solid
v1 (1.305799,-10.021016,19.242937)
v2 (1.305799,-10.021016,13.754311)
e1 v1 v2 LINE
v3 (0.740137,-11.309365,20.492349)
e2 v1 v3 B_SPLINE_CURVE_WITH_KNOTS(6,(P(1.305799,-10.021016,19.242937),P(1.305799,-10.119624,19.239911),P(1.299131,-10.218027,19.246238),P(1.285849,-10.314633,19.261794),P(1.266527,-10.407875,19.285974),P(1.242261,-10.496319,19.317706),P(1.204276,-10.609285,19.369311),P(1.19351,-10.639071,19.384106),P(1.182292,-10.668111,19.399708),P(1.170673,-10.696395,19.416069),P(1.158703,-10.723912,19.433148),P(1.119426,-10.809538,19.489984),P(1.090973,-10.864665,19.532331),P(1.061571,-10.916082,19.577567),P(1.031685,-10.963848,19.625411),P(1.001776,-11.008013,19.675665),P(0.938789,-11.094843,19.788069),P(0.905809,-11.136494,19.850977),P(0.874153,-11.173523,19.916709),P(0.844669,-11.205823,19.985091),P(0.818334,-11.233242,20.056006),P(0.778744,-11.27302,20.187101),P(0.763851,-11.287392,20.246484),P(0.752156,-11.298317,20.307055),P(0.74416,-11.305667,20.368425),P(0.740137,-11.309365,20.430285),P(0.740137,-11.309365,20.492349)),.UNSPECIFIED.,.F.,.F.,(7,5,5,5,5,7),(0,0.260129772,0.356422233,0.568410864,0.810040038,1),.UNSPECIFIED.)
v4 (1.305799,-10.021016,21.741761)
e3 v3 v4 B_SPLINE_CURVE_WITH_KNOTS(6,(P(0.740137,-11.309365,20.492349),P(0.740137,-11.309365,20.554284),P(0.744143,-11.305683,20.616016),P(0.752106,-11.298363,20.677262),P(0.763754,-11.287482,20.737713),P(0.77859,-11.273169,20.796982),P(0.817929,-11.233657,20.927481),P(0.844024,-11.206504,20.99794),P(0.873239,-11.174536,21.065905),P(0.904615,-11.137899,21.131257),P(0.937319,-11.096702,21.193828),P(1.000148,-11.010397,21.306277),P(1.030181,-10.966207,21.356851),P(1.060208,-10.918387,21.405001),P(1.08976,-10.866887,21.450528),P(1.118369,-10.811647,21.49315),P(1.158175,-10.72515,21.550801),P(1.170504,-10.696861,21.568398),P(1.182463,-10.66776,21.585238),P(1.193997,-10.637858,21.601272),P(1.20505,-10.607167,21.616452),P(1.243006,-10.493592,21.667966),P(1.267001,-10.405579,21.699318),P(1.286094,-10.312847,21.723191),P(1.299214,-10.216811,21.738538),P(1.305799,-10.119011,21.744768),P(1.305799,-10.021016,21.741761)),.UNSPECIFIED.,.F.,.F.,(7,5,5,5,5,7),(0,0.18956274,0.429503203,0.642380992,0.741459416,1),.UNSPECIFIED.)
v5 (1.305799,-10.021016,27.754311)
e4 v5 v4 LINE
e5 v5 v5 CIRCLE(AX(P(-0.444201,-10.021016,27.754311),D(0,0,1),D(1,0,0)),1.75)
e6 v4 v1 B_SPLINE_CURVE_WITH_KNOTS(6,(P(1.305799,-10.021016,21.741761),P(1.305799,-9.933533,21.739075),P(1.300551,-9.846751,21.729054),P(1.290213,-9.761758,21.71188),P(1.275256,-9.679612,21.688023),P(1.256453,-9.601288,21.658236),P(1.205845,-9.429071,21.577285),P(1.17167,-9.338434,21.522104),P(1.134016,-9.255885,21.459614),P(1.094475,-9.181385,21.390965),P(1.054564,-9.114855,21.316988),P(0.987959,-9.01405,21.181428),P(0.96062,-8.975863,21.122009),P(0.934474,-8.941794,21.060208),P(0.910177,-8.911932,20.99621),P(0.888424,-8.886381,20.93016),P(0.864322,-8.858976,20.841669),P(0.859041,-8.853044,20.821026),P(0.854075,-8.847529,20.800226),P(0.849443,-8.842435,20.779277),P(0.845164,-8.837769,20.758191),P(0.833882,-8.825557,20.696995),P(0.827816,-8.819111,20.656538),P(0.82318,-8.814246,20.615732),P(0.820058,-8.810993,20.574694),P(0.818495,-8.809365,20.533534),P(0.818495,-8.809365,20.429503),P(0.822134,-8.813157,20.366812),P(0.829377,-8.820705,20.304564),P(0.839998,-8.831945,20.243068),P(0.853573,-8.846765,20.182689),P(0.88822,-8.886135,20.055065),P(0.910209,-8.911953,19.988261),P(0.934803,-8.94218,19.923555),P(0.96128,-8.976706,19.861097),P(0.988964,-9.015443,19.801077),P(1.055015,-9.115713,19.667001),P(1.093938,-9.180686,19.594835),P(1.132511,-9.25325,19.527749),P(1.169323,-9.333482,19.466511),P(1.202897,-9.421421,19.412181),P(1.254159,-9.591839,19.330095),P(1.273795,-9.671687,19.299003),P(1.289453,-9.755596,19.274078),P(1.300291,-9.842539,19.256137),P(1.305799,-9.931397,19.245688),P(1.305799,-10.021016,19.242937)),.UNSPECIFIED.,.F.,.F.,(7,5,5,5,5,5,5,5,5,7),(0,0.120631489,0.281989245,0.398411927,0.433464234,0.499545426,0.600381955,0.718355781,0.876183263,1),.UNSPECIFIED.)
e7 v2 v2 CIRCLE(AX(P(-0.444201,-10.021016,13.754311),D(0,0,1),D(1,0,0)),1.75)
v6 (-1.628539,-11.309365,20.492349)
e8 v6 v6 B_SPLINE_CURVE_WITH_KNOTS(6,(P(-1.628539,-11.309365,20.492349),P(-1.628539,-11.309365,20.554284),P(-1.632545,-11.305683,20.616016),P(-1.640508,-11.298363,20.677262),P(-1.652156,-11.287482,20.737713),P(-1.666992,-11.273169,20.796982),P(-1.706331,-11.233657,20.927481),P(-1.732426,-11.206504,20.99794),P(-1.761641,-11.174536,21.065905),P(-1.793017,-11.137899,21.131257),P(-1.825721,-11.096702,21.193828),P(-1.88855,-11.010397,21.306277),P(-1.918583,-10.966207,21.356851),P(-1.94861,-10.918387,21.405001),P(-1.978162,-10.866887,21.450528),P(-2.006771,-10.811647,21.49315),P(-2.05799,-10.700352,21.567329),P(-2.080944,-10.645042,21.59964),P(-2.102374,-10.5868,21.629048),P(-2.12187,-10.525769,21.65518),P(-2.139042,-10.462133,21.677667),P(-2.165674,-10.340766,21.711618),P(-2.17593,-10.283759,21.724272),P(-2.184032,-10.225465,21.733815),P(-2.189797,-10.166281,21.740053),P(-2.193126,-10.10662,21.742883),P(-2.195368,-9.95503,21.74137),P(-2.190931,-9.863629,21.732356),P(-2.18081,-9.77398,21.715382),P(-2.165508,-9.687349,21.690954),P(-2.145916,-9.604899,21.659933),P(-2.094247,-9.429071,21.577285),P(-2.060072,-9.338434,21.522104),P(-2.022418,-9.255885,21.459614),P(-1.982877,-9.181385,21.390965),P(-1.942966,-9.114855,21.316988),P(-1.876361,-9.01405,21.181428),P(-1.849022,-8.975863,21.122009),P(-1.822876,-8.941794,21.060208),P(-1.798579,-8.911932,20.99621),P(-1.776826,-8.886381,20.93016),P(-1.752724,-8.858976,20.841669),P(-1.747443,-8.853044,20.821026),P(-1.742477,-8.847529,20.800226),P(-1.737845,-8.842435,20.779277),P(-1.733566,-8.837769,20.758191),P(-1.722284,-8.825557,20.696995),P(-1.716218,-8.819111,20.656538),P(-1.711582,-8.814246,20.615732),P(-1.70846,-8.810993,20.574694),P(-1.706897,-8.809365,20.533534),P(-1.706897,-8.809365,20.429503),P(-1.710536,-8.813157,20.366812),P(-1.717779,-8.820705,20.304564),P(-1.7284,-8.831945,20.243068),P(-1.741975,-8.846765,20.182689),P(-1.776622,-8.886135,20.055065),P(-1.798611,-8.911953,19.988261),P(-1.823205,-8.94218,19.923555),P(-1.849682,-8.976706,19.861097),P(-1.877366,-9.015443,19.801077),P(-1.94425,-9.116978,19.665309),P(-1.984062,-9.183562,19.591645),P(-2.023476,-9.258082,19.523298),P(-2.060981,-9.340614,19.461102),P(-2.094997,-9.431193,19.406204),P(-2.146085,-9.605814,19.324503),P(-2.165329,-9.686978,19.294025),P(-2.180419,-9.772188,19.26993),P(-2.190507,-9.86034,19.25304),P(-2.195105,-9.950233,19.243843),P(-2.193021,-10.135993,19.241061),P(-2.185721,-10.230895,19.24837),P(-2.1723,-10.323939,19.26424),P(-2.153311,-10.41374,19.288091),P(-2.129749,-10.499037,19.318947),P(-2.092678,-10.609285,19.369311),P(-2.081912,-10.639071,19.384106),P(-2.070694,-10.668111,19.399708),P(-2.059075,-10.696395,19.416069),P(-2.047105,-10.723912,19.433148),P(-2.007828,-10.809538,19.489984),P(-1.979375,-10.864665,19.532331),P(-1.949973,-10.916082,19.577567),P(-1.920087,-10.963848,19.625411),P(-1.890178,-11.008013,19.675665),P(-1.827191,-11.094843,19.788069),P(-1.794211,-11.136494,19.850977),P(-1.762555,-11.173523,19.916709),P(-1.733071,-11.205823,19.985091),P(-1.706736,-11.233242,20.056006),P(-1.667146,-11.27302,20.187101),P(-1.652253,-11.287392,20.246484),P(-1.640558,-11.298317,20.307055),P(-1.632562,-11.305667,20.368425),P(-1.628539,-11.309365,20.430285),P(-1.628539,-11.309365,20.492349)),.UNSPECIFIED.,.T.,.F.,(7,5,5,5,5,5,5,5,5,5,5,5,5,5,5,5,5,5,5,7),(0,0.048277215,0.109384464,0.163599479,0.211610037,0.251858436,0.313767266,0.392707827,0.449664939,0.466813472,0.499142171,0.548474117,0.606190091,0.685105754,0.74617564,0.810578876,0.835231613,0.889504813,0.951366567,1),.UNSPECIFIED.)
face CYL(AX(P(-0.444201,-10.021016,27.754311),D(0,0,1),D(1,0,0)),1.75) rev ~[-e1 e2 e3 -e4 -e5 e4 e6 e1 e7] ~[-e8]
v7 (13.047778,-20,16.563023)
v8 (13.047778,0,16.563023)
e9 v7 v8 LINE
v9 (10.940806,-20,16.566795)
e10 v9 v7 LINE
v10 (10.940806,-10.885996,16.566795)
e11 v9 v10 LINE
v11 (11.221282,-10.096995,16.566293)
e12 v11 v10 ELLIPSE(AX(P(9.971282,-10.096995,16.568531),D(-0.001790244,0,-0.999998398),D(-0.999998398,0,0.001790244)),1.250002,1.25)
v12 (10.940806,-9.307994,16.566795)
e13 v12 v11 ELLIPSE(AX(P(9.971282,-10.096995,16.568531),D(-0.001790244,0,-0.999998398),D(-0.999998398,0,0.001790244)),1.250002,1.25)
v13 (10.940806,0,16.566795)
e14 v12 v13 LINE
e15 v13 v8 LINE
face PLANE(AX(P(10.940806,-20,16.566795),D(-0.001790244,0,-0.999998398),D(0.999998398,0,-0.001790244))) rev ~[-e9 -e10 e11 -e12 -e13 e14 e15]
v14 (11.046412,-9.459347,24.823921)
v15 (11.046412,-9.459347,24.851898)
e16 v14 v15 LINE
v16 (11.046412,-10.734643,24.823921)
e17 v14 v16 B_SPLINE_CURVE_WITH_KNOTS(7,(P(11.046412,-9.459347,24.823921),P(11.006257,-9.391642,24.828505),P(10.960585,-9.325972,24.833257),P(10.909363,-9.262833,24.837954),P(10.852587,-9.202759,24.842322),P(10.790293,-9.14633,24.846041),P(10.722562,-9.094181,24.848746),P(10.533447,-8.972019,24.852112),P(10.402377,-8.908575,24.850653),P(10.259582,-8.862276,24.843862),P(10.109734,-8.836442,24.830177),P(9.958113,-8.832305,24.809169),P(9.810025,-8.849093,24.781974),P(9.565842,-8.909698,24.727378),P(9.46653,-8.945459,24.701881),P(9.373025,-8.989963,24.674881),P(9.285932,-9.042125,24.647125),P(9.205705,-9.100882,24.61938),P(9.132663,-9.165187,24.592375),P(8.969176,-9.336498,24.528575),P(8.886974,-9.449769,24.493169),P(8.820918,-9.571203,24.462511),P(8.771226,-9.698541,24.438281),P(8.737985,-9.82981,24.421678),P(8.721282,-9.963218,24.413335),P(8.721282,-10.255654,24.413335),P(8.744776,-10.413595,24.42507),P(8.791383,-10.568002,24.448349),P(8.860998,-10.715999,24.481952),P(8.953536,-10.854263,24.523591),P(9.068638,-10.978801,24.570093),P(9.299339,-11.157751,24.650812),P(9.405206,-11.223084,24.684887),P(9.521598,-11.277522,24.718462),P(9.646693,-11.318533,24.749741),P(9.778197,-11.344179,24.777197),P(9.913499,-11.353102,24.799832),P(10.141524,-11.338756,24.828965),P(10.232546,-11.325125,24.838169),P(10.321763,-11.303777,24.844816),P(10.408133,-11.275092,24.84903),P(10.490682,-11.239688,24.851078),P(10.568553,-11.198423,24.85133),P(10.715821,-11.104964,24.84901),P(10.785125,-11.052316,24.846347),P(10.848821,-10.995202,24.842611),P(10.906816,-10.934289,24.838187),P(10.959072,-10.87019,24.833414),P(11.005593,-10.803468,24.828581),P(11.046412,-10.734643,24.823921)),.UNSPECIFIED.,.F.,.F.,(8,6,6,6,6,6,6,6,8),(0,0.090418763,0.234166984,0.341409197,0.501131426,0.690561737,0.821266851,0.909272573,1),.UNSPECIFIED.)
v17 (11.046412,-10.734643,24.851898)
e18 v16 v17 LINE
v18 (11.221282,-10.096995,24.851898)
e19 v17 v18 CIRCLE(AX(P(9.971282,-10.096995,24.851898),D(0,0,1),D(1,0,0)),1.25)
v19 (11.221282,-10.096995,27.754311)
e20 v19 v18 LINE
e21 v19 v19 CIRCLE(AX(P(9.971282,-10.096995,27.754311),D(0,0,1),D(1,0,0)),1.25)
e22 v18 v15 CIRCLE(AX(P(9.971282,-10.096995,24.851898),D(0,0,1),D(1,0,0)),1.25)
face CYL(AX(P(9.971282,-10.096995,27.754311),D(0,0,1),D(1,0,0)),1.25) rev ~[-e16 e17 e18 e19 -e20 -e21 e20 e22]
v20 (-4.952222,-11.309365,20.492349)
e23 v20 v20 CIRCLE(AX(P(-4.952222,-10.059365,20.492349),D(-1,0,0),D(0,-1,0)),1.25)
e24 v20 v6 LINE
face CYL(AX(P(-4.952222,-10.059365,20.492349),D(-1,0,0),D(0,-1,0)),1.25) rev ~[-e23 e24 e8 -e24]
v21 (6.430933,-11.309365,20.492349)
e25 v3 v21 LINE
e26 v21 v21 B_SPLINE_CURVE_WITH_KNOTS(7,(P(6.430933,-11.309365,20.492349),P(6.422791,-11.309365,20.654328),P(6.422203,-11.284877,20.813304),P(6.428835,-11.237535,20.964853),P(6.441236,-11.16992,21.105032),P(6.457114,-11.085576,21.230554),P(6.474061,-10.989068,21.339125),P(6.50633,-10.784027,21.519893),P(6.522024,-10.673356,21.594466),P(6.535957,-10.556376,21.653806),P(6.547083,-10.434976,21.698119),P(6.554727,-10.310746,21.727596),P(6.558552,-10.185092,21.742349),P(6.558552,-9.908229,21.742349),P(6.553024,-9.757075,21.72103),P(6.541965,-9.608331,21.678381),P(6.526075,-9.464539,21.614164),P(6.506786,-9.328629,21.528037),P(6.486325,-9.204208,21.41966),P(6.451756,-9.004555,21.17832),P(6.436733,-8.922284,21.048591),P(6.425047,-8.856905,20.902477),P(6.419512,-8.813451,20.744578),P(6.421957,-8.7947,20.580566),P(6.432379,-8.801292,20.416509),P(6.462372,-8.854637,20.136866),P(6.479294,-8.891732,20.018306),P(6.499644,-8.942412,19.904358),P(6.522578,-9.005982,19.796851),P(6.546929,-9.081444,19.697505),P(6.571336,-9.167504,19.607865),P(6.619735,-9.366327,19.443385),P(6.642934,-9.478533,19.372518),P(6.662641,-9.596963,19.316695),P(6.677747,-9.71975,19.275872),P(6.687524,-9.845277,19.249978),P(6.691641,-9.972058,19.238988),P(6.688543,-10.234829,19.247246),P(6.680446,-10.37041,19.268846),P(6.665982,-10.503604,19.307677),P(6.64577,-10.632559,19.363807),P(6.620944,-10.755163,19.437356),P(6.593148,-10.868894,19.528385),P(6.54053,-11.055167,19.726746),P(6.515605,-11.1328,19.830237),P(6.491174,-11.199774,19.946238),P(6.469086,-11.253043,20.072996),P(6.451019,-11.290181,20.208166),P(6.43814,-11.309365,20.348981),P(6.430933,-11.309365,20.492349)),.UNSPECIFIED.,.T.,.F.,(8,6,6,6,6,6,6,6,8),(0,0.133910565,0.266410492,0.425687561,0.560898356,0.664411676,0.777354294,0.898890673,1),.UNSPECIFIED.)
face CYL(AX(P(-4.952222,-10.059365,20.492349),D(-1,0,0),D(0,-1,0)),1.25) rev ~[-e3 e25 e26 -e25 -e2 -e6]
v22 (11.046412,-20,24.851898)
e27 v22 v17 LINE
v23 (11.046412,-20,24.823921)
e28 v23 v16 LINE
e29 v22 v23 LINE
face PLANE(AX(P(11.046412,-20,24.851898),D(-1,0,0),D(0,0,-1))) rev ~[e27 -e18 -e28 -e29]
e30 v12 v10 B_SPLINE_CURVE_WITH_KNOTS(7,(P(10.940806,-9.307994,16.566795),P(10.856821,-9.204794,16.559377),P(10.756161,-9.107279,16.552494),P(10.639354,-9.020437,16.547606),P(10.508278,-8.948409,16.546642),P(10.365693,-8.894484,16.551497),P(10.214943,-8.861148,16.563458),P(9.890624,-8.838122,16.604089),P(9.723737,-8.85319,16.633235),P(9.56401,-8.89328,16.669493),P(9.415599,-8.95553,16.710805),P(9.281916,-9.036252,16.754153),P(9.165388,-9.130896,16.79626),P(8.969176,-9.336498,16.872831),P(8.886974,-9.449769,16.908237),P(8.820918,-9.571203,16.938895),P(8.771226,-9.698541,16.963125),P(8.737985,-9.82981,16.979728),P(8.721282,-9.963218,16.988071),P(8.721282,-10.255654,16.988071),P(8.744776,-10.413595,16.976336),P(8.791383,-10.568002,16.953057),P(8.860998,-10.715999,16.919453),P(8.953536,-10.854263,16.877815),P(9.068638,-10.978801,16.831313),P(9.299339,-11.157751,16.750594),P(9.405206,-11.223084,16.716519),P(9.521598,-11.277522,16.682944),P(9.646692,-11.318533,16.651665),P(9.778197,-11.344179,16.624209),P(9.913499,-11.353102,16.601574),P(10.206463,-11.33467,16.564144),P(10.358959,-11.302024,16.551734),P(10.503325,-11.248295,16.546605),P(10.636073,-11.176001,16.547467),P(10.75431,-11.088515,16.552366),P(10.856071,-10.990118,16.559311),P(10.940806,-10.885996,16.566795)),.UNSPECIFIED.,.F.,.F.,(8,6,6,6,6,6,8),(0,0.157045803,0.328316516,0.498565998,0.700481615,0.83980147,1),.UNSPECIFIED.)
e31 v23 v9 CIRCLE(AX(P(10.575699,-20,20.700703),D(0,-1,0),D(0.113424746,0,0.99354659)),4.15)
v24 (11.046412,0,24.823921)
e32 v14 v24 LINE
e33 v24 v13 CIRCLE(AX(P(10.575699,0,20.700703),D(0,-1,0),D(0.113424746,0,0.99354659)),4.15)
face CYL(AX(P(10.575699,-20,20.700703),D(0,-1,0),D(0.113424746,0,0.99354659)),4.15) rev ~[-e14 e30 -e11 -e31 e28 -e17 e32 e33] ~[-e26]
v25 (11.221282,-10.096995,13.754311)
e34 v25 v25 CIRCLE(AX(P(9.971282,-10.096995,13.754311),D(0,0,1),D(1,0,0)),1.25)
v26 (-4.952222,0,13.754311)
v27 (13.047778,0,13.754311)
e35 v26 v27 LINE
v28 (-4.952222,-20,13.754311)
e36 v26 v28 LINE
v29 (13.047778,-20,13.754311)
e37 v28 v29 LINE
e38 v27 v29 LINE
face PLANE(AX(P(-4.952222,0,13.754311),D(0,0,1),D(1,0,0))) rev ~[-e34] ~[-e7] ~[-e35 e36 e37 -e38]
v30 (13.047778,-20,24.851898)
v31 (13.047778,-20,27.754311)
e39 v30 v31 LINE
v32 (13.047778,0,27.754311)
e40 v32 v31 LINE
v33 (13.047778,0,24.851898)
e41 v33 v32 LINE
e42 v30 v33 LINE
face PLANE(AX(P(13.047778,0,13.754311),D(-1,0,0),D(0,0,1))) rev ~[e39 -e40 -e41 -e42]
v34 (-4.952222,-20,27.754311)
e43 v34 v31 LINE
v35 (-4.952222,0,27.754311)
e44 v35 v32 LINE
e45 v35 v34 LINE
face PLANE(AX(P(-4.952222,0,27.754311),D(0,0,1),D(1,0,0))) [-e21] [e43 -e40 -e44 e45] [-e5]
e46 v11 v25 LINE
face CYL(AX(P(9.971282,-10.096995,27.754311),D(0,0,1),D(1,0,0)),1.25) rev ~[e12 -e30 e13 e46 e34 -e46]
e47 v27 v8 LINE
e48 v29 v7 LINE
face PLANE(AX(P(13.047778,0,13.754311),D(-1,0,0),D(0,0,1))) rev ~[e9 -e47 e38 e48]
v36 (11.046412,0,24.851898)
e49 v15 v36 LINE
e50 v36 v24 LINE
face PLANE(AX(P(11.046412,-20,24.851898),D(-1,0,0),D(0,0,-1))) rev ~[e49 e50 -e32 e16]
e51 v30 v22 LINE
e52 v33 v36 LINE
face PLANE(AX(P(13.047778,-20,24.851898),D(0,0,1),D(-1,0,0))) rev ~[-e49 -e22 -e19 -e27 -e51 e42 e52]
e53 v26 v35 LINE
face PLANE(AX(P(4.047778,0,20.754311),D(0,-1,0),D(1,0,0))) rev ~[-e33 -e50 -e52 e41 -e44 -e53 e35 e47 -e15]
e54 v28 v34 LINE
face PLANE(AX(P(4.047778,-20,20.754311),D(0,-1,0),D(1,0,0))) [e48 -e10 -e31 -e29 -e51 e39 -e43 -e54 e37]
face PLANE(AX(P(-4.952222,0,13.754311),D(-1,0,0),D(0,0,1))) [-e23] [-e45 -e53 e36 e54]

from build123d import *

# Parameters (mm, degrees)
F0_W     = 18
F0_H     = 14
F1_DEPTH = 20
F3_DEPTH = 20
F4_R     = 1.25
F4_R_2   = 1.75
F5_DEPTH = 25
F6_R     = 1.25
F7_DEPTH = 25


with BuildPart() as f1:
    # F0 (on Front) → F1 (new body)
    with BuildSketch(Plane.XZ):
        with Locations((4.047778, 20.754311)):
            Rectangle(F0_W, F0_H)
    extrude(amount=F1_DEPTH)

    # F2 (on face) → F3 (cut)
    with BuildSketch(Plane.XZ.offset(20)):
        with BuildLine():
            Line((13.047778, 17.367337), (13.047778, 24.034069))
            ThreePointArc((13.047778, 24.034069), (12.099173, 24.560953), (11.046412, 24.823921))
            ThreePointArc((11.046412, 24.823921), (6.426039, 20.753776), (10.940806, 16.566795))
            ThreePointArc((10.940806, 16.566795), (12.049681, 16.821286), (13.047778, 17.367337))
        make_face()
        with BuildLine():
            Line((13.047778, 16.563023), (13.047778, 17.367337))
            ThreePointArc((13.047778, 17.367337), (12.049681, 16.821286), (10.940806, 16.566795))
            Line((10.940806, 16.566795), (13.047778, 16.563023))
        make_face()
        with BuildLine():
            ThreePointArc((11.046412, 24.823921), (12.099173, 24.560953), (13.047778, 24.034069))
            Line((13.047778, 24.034069), (13.047778, 24.851898))
            Line((13.047778, 24.851898), (11.046412, 24.851898))
            Line((11.046412, 24.851898), (11.046412, 24.823921))
        make_face()
    extrude(amount=-F3_DEPTH, mode=Mode.SUBTRACT)

    # F4 (on face) → F5 (cut)
    with BuildSketch(Plane.XY.offset(27.754311)):
        with Locations((9.971282, -10.096995)):
            Circle(F4_R)
        with Locations((-0.444201, -10.021016)):
            Circle(F4_R_2)
    extrude(amount=-F5_DEPTH, mode=Mode.SUBTRACT)

    # F6 (on face) → F7 (cut)
    with BuildSketch(Plane(origin=(-4.952222, 0, 0), x_dir=(0, -1, 0), z_dir=(-1, 0, 0))):
        with Locations((10.059365, 20.492349)):
            Circle(F6_R)
    extrude(amount=-F7_DEPTH, mode=Mode.SUBTRACT)


solid = f1.part
